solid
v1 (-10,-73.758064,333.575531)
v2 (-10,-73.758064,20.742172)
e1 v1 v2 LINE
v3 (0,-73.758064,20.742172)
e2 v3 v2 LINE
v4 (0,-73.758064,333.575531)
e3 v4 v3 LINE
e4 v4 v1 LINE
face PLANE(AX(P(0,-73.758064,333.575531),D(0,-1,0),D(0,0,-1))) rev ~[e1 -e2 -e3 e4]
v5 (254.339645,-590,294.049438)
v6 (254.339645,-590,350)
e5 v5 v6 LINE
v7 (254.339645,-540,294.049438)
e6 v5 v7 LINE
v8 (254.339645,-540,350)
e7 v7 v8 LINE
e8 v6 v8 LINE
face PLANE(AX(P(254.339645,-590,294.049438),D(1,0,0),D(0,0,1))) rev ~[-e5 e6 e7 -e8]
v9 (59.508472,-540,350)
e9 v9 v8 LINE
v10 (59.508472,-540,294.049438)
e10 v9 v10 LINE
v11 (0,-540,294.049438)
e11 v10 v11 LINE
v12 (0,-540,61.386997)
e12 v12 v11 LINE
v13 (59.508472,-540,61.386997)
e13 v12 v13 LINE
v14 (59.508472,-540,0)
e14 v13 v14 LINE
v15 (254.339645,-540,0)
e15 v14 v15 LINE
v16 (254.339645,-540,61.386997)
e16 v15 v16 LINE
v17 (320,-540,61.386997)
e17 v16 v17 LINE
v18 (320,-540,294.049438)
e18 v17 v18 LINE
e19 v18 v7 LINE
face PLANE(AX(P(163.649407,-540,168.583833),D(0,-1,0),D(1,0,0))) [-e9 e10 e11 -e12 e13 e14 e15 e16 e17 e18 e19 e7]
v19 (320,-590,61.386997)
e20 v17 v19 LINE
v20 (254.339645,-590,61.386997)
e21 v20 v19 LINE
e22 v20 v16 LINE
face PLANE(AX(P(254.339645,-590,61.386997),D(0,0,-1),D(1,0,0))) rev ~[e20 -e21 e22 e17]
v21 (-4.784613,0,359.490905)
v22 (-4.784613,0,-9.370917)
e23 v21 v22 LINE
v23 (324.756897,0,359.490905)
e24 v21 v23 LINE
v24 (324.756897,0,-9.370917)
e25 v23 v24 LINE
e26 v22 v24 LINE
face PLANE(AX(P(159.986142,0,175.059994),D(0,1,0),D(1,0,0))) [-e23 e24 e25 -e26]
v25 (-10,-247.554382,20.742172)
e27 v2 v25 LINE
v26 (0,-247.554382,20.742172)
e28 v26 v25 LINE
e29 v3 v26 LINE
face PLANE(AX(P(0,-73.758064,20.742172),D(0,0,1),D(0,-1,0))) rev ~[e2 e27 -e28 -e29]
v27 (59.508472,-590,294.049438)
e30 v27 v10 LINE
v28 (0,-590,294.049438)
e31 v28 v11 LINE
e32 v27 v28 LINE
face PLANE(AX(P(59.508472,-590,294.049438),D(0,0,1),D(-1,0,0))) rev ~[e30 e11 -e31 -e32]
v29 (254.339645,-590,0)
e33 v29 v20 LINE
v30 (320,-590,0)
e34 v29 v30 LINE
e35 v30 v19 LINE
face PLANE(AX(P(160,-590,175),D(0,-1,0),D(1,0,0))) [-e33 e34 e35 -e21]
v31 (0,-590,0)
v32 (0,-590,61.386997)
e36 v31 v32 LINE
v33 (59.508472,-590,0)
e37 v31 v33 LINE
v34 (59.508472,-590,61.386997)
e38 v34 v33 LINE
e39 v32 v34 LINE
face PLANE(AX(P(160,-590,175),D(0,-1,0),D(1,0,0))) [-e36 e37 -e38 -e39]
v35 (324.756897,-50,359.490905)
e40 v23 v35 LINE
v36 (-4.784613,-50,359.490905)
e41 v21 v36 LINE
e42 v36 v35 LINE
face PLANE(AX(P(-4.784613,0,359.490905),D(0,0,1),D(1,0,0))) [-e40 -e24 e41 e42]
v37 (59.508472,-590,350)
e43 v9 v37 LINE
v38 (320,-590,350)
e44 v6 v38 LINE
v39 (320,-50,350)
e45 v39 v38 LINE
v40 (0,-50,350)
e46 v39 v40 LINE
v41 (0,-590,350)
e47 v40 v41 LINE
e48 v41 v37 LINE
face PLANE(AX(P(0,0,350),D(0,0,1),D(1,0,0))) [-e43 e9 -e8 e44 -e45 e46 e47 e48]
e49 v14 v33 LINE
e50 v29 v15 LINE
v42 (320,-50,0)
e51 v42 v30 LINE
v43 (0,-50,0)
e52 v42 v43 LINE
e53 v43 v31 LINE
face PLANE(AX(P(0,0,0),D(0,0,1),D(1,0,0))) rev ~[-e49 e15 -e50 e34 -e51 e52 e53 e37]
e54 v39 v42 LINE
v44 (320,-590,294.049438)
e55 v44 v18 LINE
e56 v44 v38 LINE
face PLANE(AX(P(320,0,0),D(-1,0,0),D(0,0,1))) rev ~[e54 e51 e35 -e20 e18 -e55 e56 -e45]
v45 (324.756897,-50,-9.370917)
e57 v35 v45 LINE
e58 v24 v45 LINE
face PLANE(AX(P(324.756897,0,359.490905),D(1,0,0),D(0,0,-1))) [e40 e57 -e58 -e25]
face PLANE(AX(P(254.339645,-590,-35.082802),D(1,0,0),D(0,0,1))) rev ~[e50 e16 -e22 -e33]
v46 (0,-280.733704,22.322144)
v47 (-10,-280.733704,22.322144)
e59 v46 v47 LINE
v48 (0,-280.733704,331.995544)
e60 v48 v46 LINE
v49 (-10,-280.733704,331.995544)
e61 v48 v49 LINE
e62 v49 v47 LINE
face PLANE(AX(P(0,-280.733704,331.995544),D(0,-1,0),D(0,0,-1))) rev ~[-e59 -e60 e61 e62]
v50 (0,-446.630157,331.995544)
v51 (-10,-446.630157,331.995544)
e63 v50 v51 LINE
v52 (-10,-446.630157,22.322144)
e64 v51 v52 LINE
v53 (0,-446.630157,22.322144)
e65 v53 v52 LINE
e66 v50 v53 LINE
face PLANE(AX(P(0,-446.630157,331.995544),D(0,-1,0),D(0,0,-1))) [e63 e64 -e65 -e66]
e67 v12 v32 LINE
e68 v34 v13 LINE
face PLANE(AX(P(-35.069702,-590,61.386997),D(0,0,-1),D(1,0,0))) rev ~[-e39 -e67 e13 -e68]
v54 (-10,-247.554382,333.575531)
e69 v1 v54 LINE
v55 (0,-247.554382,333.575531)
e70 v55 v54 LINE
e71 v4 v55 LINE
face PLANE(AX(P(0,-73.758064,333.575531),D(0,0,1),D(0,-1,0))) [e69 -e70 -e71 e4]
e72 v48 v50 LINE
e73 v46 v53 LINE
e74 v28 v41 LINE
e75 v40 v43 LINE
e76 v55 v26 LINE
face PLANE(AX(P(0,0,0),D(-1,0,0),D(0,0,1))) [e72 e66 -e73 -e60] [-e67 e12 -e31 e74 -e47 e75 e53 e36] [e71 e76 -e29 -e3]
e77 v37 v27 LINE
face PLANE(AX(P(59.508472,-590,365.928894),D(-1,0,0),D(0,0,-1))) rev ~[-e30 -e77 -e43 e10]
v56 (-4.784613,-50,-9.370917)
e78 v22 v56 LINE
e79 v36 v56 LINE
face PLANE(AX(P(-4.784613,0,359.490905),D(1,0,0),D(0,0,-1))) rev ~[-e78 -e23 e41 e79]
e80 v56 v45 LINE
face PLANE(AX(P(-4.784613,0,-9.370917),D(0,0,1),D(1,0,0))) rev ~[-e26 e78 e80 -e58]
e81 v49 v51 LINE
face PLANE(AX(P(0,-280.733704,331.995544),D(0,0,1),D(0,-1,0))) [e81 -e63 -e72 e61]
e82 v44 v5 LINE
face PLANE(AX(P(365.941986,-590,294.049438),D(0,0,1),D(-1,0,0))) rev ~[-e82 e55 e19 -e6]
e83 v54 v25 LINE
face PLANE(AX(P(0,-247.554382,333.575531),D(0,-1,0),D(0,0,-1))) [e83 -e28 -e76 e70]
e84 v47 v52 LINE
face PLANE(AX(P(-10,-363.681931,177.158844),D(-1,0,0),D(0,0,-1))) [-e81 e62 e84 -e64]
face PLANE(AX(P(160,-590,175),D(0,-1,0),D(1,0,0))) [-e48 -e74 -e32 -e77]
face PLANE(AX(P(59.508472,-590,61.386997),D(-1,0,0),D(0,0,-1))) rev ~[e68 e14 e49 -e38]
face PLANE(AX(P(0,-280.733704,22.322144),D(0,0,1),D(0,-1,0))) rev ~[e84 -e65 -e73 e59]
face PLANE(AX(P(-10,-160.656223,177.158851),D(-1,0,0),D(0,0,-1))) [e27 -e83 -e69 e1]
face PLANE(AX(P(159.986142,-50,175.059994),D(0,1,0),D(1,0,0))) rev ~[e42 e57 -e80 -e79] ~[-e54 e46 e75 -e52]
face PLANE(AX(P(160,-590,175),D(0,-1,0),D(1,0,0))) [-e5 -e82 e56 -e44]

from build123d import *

# Parameters (mm, degrees)
SKETCH_W      = 320
SKETCH_H      = 350
PAD_DEPTH     = 590
POCKET_DEPTH  = 50
SKETCH002_W   = 312.833359
SKETCH002_H   = 173.796318
SKETCH002_W_2 = 309.6734
SKETCH002_H_2 = 165.896453
PAD001_DEPTH  = 10
SKETCH003_W   = 329.541511
SKETCH003_H   = 368.861823
PAD002_DEPTH  = 50


with BuildPart() as part:
    # Sketch → Pad (new body)
    with BuildSketch(Plane.XZ):
        with Locations((160, 175)):
            Rectangle(SKETCH_W, SKETCH_H)
    extrude(amount=PAD_DEPTH)

    # Sketch001 (on Face6 of Pad) → Pocket (cut)
    with BuildSketch(Plane.XZ.offset(590)):
        Polygon((-35.069702, 294.049438), (-35.069702, 61.386997), (59.508472, 61.386997), (59.508472, -35.082802), (254.339645, -35.082802), (254.339645, 61.386997), (365.941986, 61.386997), (365.941986, 294.049438), (254.339645, 294.049438), (254.339645, 365.928894), (59.508472, 365.928894), (59.508472, 294.049438), align=None)
    extrude(amount=-POCKET_DEPTH, mode=Mode.SUBTRACT)

    # Sketch002 (on Face9 of Pocket) → Pad001 (join)
    with BuildSketch(Plane(origin=(0, 0, 0), x_dir=(0, 0, -1), z_dir=(-1, 0, 0))):
        with Locations((-177.158851, 160.656223)):
            Rectangle(SKETCH002_W, SKETCH002_H)
        with Locations((-177.158844, 363.681931)):
            Rectangle(SKETCH002_W_2, SKETCH002_H_2)
    extrude(amount=PAD001_DEPTH)

    # Sketch003 (on Face2 of Pad001) → Pad002 (join)
    with BuildSketch(Plane(origin=(0, 0, 0), x_dir=(1, 0, 0), z_dir=(0, 1, 0))):
        with Locations((159.986142, -175.059994)):
            Rectangle(SKETCH003_W, SKETCH003_H)
    extrude(amount=-PAD002_DEPTH)


solid = part.part
